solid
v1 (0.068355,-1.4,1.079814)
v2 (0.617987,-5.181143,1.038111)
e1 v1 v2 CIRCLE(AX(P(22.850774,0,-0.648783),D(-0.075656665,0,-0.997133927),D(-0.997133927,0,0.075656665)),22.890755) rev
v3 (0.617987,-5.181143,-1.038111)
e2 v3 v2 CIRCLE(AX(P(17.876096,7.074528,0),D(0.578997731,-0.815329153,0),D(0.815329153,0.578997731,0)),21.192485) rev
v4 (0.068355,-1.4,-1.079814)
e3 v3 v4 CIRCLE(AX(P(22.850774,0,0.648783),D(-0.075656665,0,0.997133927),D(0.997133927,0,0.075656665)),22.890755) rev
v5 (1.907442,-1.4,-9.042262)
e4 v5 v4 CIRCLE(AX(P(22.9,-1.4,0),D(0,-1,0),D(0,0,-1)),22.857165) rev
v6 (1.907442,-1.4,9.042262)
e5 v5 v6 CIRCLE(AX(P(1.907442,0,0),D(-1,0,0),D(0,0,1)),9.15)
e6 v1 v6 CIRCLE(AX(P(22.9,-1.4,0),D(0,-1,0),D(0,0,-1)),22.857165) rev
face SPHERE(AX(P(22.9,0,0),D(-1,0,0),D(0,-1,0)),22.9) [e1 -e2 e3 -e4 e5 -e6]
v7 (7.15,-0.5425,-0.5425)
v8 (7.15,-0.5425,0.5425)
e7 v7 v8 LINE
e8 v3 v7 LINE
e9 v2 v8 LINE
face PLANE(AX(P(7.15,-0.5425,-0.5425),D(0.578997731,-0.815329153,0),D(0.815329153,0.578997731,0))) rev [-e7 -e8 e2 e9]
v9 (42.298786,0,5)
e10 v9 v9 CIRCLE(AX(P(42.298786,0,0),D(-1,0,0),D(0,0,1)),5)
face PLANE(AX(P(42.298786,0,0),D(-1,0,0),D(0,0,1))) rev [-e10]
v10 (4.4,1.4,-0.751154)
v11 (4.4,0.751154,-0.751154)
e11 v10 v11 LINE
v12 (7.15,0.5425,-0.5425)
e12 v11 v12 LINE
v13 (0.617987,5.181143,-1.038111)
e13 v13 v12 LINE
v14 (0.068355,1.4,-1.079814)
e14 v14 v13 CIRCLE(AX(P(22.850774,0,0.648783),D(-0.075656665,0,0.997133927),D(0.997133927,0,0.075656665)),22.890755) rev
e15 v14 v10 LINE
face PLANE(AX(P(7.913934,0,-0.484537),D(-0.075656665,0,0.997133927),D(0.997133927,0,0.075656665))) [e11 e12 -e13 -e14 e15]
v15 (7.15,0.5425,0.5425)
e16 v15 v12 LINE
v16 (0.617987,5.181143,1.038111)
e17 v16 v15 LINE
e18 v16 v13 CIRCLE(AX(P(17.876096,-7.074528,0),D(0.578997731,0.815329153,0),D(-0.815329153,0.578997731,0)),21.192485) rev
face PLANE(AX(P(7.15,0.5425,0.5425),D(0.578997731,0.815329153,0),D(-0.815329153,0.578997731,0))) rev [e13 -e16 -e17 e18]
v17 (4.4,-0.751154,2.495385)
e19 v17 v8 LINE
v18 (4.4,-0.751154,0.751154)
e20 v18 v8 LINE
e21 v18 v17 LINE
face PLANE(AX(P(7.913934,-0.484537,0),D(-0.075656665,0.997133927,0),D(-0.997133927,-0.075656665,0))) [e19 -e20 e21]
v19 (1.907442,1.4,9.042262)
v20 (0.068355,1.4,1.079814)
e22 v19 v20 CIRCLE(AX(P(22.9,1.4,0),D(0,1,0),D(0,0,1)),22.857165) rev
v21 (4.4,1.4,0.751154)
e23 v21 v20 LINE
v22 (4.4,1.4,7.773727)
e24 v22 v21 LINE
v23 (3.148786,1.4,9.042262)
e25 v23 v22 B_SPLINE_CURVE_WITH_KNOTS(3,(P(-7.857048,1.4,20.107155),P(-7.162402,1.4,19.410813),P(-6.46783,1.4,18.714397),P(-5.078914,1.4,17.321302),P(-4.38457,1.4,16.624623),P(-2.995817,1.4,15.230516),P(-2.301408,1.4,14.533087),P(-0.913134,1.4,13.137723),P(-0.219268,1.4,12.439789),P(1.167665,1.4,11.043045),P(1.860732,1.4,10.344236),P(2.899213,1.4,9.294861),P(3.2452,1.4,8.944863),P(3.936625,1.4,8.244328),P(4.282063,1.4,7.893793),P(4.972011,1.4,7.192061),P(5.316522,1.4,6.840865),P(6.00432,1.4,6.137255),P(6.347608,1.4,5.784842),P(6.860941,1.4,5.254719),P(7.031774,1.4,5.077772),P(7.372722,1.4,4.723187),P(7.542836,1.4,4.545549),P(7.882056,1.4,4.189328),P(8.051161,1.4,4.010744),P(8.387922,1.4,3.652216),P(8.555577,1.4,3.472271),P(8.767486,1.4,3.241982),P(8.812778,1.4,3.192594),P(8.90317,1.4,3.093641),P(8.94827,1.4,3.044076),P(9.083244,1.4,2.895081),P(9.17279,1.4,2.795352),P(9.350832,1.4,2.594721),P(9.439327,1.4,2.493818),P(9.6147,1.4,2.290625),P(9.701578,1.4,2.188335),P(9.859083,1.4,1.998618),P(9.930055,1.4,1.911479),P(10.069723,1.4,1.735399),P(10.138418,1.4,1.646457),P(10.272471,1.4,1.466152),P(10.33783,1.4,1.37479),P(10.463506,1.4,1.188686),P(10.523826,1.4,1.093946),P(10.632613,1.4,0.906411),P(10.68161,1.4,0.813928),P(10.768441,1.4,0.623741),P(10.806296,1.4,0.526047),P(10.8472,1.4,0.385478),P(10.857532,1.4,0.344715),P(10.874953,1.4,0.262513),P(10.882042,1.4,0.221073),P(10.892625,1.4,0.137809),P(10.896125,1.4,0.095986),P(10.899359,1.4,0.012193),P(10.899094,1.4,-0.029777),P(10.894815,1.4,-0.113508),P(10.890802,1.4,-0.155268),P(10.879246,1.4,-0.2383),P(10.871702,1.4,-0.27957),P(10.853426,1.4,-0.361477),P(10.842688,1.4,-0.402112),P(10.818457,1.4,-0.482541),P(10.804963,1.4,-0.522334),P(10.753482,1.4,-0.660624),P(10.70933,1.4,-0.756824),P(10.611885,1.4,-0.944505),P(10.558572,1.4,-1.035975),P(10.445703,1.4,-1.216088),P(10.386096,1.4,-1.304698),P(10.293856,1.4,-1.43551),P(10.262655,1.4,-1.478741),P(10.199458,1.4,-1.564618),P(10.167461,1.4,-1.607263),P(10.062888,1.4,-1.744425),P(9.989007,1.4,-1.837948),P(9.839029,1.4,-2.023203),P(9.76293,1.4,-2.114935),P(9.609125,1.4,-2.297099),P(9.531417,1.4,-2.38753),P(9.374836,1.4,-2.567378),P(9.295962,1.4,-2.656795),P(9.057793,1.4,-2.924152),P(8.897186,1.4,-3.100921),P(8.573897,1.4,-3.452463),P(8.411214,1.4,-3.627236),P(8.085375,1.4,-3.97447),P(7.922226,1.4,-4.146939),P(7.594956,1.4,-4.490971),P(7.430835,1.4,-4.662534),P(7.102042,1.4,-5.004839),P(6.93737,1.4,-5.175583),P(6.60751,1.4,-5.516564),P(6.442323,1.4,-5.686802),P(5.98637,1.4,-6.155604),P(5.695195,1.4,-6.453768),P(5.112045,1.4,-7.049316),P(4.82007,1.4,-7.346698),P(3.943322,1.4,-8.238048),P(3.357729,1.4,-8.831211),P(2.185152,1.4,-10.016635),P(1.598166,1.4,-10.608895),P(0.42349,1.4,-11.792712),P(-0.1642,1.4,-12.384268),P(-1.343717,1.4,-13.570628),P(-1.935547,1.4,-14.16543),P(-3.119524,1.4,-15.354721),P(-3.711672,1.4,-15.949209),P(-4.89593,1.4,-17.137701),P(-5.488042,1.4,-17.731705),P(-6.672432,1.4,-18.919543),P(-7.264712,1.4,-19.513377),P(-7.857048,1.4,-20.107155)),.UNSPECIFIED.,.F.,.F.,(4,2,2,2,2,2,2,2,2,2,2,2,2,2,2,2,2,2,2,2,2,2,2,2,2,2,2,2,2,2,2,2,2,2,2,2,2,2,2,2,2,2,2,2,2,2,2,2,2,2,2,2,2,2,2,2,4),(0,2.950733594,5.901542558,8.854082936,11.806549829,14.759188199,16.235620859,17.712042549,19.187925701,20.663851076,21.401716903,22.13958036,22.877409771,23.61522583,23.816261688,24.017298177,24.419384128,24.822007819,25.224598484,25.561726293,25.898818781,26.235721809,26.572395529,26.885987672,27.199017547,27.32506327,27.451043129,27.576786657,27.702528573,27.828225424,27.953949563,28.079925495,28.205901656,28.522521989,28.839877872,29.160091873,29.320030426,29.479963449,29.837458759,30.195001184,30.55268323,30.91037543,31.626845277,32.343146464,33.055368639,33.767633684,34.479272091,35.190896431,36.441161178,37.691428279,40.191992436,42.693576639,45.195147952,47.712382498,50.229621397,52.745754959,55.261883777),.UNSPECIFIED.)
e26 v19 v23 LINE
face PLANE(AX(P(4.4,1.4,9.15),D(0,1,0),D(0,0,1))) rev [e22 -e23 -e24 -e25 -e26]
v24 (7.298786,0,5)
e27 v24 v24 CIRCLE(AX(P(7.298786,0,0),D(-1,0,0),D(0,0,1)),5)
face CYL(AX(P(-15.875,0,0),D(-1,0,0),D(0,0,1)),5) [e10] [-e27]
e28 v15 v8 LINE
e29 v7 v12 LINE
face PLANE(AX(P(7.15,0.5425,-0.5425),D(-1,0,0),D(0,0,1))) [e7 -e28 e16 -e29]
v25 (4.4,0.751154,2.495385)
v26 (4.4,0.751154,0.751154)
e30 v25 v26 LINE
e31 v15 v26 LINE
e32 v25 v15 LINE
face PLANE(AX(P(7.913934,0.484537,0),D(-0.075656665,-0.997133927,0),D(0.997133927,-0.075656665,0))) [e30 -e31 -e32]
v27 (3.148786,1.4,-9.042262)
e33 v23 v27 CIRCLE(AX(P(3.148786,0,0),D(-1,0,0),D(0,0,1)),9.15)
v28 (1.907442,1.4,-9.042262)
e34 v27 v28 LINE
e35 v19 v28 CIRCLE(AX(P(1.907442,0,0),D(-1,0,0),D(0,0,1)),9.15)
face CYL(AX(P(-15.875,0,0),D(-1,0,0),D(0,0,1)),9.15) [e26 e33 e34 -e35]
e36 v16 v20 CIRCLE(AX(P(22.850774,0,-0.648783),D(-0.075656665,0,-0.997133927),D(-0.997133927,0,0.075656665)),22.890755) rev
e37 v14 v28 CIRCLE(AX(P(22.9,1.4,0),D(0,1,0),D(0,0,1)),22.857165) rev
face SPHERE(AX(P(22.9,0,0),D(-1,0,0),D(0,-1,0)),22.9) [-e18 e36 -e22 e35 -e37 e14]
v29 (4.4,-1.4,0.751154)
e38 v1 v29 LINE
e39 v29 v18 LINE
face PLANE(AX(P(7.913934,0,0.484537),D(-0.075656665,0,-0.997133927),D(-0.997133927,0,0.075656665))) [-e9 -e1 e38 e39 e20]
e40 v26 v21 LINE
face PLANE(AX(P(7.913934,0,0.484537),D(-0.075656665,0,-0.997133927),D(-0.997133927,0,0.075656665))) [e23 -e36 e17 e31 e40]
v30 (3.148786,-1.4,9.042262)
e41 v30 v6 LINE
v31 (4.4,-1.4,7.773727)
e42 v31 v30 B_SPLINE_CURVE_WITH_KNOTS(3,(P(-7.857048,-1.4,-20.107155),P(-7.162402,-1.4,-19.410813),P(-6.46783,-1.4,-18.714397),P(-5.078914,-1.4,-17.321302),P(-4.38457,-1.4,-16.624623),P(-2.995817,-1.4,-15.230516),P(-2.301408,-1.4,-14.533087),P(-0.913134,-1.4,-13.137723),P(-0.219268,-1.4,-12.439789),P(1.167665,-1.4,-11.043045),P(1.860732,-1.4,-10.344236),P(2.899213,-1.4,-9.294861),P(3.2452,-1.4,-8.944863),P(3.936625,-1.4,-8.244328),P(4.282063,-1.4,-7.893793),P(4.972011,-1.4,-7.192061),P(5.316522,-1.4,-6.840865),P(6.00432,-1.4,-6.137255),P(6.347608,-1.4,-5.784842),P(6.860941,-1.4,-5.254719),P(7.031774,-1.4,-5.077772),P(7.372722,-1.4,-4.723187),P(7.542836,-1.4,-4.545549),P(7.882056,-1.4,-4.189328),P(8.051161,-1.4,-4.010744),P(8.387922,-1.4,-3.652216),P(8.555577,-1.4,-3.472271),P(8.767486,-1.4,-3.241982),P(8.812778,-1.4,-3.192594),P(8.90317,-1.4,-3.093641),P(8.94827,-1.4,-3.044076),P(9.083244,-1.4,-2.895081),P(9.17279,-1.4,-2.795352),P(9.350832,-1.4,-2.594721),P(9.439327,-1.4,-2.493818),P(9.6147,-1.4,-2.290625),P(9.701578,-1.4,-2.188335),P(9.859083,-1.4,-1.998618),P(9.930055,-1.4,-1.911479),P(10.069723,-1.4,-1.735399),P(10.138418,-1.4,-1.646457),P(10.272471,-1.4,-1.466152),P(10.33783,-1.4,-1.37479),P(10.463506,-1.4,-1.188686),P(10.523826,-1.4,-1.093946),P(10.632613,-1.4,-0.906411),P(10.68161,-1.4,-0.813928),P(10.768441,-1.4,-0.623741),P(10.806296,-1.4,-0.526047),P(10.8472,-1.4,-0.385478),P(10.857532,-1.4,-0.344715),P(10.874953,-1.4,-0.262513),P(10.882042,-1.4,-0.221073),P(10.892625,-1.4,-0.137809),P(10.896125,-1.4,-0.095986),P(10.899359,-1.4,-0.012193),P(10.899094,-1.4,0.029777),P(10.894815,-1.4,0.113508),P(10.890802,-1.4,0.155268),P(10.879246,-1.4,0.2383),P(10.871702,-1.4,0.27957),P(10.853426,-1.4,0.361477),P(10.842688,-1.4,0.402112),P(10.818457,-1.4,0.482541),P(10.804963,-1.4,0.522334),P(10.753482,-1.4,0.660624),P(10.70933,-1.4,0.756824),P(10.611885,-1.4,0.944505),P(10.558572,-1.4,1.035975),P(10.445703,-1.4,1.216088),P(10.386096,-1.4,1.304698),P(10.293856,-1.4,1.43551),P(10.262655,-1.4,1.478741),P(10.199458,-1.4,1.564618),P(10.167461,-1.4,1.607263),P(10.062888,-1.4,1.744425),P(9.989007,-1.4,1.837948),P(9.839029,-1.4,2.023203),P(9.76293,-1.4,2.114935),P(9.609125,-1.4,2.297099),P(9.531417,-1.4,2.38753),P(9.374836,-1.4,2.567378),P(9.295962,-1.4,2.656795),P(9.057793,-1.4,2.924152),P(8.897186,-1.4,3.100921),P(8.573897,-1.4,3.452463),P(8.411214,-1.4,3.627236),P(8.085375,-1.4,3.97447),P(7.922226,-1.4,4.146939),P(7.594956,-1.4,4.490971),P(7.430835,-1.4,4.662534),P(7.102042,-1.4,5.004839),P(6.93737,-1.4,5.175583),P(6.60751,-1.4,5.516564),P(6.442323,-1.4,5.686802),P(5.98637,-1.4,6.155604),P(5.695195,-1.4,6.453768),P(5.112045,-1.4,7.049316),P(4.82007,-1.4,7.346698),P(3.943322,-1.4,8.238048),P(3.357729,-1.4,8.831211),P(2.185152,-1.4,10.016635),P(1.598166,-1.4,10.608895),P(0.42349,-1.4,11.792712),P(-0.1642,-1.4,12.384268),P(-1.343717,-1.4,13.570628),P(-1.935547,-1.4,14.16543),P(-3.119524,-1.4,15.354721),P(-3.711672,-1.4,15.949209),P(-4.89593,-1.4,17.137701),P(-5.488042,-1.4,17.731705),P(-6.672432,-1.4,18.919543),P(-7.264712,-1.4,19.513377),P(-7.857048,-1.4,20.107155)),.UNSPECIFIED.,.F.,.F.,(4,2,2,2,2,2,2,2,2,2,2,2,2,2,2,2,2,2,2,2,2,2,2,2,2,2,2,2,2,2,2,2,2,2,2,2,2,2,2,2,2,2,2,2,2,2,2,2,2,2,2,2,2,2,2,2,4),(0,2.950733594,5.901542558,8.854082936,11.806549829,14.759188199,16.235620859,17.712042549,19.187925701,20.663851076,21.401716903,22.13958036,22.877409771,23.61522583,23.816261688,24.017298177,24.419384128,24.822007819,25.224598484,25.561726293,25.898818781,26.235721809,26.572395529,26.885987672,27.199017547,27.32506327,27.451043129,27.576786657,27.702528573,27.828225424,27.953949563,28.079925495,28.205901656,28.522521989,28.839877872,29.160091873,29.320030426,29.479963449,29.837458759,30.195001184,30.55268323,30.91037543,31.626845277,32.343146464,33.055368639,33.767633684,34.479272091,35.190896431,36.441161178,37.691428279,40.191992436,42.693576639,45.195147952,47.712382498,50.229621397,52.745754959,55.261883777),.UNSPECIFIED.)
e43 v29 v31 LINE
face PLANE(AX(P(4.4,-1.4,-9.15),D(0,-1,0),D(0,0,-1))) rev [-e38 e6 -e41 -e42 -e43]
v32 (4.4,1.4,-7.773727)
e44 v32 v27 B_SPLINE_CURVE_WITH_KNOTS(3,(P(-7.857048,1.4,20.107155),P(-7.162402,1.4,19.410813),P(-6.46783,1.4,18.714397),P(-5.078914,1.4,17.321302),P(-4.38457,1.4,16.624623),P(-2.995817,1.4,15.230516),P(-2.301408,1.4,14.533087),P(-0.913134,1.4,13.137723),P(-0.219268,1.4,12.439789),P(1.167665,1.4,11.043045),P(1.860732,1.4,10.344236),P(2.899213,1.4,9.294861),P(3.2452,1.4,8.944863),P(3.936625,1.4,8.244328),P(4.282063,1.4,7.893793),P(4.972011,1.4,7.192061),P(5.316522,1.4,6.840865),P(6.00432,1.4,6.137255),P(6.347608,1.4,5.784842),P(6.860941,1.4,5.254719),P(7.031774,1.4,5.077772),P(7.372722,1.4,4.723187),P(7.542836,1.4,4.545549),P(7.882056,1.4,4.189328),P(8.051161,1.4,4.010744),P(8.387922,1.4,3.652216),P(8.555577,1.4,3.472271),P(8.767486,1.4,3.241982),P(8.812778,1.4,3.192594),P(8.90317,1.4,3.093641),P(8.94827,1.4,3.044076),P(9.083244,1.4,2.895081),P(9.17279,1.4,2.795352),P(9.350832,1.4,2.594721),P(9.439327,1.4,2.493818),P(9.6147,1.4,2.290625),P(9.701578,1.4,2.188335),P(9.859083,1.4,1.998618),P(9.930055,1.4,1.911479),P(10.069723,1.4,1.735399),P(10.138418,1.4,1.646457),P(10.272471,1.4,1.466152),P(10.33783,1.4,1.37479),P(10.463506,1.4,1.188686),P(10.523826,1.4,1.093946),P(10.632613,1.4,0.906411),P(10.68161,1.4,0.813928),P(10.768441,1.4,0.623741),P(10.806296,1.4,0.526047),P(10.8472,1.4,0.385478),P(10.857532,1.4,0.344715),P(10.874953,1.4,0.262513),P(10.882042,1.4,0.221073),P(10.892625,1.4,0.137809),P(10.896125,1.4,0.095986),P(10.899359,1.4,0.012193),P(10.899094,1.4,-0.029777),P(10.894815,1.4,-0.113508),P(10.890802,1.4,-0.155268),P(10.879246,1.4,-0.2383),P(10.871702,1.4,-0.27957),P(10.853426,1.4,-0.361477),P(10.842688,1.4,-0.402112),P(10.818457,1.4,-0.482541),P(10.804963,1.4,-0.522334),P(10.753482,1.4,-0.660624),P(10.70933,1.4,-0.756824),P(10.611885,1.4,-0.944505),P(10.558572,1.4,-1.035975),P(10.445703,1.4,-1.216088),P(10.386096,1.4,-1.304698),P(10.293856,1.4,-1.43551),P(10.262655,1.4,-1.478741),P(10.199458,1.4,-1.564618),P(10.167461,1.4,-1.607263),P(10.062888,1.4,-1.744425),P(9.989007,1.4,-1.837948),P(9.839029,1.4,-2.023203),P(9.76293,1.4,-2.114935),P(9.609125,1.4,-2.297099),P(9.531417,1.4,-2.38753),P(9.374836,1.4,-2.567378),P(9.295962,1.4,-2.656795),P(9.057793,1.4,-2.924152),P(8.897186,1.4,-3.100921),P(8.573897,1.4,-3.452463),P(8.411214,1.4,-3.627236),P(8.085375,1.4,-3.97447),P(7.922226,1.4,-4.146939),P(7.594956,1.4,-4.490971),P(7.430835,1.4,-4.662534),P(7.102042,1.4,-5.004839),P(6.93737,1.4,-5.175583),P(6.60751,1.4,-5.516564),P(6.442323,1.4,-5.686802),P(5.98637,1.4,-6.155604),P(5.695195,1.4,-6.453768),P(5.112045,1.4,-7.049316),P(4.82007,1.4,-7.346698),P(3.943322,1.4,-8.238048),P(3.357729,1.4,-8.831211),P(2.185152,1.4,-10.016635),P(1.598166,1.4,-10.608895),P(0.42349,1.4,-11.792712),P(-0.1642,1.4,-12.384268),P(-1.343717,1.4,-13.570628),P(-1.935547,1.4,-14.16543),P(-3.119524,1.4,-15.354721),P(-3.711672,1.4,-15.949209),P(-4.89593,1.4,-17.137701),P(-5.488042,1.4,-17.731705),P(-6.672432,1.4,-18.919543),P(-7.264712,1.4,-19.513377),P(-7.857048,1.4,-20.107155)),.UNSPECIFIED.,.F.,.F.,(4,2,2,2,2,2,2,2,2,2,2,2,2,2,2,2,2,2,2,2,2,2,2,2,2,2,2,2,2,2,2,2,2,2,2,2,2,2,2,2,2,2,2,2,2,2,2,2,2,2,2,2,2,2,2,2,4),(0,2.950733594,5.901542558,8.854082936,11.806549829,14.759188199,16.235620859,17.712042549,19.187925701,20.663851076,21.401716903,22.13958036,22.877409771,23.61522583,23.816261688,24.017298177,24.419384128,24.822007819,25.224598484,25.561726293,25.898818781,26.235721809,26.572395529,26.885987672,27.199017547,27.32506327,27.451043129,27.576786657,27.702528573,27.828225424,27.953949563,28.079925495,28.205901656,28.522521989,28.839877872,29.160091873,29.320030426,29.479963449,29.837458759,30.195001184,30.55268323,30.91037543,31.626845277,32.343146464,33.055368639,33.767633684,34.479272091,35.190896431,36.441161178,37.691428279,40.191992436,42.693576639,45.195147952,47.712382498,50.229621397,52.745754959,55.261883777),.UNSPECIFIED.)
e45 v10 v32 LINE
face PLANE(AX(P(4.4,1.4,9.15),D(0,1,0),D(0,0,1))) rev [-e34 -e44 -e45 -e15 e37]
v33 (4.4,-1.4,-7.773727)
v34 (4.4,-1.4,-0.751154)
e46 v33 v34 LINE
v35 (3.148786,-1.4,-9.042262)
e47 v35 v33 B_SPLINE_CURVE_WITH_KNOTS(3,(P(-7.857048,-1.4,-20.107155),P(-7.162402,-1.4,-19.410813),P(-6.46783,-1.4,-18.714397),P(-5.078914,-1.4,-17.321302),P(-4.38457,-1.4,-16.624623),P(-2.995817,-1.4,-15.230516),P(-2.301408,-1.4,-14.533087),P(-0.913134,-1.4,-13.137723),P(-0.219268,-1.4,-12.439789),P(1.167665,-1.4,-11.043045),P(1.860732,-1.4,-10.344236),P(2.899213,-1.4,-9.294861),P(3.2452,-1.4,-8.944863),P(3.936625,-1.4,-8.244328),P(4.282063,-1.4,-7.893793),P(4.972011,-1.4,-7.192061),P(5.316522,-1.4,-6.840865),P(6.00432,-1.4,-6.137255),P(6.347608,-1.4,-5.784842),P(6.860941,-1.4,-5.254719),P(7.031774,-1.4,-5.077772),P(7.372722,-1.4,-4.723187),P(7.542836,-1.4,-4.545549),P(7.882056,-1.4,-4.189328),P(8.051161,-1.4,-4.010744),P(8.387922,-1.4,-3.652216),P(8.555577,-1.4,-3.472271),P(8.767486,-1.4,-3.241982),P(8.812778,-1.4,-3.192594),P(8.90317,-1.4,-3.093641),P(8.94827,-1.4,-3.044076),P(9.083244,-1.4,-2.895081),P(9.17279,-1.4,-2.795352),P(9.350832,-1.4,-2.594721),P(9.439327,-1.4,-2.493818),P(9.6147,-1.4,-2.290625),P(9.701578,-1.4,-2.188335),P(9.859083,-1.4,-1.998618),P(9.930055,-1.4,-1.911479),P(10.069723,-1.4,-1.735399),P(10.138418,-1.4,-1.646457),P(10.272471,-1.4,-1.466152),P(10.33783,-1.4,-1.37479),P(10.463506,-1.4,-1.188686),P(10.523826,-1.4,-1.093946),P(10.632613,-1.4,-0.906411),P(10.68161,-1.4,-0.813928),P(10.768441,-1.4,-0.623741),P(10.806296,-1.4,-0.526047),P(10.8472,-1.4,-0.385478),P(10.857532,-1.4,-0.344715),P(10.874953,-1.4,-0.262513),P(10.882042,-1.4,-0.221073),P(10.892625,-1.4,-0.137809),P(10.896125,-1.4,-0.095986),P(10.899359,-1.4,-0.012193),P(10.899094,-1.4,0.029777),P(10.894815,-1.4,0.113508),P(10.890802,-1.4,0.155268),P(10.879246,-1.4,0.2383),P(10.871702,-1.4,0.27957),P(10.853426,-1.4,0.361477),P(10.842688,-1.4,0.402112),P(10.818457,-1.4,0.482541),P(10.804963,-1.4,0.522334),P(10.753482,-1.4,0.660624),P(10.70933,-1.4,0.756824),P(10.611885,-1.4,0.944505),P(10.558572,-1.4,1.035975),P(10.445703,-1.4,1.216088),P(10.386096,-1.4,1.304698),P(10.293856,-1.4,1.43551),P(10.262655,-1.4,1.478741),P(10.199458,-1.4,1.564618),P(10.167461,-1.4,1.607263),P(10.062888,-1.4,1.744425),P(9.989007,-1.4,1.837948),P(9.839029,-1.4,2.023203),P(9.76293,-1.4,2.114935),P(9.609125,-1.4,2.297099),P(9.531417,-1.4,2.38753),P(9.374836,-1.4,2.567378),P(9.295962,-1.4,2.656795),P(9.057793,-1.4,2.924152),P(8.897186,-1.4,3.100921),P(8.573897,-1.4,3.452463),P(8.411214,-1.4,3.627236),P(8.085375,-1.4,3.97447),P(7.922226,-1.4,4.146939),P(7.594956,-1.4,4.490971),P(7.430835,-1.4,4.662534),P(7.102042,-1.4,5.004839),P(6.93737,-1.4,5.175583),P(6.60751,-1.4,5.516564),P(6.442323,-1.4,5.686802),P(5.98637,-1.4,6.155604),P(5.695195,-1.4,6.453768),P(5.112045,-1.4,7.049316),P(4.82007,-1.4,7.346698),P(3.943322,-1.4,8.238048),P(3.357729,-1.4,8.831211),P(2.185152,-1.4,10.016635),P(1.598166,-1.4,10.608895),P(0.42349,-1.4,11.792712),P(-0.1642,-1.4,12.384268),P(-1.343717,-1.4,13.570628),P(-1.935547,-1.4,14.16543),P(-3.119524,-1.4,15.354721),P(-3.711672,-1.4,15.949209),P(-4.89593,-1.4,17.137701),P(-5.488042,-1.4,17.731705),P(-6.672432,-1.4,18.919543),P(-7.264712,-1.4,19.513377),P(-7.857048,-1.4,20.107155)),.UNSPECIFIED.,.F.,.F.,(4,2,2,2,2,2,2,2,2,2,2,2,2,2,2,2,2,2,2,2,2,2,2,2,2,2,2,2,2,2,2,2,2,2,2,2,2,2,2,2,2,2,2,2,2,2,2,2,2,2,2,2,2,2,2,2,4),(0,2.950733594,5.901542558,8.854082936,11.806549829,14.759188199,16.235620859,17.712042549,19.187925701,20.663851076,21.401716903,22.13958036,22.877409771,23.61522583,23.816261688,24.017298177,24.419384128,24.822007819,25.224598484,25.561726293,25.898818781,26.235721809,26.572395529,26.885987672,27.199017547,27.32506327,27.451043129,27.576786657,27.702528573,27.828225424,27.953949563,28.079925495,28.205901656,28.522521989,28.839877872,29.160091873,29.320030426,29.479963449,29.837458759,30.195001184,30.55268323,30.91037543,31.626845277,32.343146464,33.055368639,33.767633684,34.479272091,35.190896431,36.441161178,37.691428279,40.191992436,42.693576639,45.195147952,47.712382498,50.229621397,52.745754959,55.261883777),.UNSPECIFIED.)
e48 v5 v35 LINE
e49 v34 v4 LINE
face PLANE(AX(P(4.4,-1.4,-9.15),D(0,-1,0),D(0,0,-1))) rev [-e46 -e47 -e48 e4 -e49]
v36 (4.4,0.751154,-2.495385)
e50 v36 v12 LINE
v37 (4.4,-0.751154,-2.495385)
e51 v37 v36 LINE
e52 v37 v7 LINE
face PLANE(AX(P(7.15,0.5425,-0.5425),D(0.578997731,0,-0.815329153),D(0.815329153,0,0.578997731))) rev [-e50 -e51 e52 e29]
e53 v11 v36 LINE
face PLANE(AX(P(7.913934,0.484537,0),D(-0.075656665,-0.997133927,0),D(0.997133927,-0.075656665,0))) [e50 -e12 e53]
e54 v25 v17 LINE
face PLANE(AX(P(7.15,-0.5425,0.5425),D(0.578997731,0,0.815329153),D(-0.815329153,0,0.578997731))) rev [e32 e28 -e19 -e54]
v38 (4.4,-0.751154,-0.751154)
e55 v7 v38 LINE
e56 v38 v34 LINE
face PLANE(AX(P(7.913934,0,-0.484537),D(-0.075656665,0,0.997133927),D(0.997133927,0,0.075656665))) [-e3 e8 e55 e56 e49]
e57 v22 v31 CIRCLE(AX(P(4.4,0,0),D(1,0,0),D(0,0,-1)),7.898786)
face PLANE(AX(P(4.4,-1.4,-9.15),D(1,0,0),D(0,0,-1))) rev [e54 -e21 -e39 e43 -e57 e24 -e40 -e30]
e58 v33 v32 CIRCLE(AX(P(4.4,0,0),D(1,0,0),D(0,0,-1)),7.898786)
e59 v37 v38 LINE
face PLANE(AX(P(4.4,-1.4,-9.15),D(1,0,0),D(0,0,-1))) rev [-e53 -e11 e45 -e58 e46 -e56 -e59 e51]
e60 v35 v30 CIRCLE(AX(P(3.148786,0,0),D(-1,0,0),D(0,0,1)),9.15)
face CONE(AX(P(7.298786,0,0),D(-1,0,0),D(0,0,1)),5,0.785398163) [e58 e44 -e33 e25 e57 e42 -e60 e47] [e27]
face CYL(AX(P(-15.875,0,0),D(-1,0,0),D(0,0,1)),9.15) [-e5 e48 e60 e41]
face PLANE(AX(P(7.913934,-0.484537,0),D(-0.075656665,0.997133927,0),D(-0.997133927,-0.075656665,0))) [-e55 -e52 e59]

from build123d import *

# Parameters (mm, degrees)
SKETCH2_W         = 18.3
SKETCH2_H         = 2.8
SLOT_DEPTH        = 4.4
SKETCH3_W         = 2.17
SKETCH3_H         = 11.24
SKETCH4_W         = 1.085
SKETCH4_H         = 1.085
CIRPATTERN1_COUNT = 2
CIRPATTERN1_ANGLE = 90


with BuildPart() as part:
    # BodySke → Base-Revolve (revolve)
    with BuildSketch(Plane.XY):
        with BuildLine():
            Line((0, 0), (42.298786444, 0))
            Line((42.298786444, 0), (42.298786444, 5))
            Line((42.298786444, 5), (7.298786444, 5))
            Line((7.298786444, 5), (3.148786444, 9.15))
            Line((3.148786444, 9.15), (1.907441795, 9.15))
            ThreePointArc((1.907441795, 9.15), (0.481931585, 4.673350891), (0, 0))
        make_face()
    revolve(axis=Axis((-15.875, 0, 0), (1, 0, 0)))

    # Sketch2 → Slot (cut)
    with BuildSketch(Plane(origin=(0, 0, 0), x_dir=(0, 0, -1), z_dir=(1, 0, 0))):
        Rectangle(SKETCH2_W, SKETCH2_H)
    extrude(amount=SLOT_DEPTH, mode=Mode.SUBTRACT)

    # Sketch3 → Cross section 0
    with BuildSketch(Plane(origin=(0, 0, 0), x_dir=(0, 0, -1), z_dir=(1, 0, 0))):
        Rectangle(SKETCH3_W, SKETCH3_H)
    # Sketch4 → Cross section 1
    with BuildSketch(Plane(origin=(7.15, 0, 0), x_dir=(0, 0, -1), z_dir=(1, 0, 0))):
        Rectangle(SKETCH4_W, SKETCH4_H)
    cross = loft(mode=Mode.SUBTRACT)

    # CirPattern1: Cross ×2 about axis
    cirpattern1_axis = Axis((0, 0, 0), (1, 0, 0))
    for i in range(1, CIRPATTERN1_COUNT):
        add(cross.rotate(cirpattern1_axis, i * CIRPATTERN1_ANGLE / (CIRPATTERN1_COUNT - 1)), mode=Mode.SUBTRACT)


solid = part.part
